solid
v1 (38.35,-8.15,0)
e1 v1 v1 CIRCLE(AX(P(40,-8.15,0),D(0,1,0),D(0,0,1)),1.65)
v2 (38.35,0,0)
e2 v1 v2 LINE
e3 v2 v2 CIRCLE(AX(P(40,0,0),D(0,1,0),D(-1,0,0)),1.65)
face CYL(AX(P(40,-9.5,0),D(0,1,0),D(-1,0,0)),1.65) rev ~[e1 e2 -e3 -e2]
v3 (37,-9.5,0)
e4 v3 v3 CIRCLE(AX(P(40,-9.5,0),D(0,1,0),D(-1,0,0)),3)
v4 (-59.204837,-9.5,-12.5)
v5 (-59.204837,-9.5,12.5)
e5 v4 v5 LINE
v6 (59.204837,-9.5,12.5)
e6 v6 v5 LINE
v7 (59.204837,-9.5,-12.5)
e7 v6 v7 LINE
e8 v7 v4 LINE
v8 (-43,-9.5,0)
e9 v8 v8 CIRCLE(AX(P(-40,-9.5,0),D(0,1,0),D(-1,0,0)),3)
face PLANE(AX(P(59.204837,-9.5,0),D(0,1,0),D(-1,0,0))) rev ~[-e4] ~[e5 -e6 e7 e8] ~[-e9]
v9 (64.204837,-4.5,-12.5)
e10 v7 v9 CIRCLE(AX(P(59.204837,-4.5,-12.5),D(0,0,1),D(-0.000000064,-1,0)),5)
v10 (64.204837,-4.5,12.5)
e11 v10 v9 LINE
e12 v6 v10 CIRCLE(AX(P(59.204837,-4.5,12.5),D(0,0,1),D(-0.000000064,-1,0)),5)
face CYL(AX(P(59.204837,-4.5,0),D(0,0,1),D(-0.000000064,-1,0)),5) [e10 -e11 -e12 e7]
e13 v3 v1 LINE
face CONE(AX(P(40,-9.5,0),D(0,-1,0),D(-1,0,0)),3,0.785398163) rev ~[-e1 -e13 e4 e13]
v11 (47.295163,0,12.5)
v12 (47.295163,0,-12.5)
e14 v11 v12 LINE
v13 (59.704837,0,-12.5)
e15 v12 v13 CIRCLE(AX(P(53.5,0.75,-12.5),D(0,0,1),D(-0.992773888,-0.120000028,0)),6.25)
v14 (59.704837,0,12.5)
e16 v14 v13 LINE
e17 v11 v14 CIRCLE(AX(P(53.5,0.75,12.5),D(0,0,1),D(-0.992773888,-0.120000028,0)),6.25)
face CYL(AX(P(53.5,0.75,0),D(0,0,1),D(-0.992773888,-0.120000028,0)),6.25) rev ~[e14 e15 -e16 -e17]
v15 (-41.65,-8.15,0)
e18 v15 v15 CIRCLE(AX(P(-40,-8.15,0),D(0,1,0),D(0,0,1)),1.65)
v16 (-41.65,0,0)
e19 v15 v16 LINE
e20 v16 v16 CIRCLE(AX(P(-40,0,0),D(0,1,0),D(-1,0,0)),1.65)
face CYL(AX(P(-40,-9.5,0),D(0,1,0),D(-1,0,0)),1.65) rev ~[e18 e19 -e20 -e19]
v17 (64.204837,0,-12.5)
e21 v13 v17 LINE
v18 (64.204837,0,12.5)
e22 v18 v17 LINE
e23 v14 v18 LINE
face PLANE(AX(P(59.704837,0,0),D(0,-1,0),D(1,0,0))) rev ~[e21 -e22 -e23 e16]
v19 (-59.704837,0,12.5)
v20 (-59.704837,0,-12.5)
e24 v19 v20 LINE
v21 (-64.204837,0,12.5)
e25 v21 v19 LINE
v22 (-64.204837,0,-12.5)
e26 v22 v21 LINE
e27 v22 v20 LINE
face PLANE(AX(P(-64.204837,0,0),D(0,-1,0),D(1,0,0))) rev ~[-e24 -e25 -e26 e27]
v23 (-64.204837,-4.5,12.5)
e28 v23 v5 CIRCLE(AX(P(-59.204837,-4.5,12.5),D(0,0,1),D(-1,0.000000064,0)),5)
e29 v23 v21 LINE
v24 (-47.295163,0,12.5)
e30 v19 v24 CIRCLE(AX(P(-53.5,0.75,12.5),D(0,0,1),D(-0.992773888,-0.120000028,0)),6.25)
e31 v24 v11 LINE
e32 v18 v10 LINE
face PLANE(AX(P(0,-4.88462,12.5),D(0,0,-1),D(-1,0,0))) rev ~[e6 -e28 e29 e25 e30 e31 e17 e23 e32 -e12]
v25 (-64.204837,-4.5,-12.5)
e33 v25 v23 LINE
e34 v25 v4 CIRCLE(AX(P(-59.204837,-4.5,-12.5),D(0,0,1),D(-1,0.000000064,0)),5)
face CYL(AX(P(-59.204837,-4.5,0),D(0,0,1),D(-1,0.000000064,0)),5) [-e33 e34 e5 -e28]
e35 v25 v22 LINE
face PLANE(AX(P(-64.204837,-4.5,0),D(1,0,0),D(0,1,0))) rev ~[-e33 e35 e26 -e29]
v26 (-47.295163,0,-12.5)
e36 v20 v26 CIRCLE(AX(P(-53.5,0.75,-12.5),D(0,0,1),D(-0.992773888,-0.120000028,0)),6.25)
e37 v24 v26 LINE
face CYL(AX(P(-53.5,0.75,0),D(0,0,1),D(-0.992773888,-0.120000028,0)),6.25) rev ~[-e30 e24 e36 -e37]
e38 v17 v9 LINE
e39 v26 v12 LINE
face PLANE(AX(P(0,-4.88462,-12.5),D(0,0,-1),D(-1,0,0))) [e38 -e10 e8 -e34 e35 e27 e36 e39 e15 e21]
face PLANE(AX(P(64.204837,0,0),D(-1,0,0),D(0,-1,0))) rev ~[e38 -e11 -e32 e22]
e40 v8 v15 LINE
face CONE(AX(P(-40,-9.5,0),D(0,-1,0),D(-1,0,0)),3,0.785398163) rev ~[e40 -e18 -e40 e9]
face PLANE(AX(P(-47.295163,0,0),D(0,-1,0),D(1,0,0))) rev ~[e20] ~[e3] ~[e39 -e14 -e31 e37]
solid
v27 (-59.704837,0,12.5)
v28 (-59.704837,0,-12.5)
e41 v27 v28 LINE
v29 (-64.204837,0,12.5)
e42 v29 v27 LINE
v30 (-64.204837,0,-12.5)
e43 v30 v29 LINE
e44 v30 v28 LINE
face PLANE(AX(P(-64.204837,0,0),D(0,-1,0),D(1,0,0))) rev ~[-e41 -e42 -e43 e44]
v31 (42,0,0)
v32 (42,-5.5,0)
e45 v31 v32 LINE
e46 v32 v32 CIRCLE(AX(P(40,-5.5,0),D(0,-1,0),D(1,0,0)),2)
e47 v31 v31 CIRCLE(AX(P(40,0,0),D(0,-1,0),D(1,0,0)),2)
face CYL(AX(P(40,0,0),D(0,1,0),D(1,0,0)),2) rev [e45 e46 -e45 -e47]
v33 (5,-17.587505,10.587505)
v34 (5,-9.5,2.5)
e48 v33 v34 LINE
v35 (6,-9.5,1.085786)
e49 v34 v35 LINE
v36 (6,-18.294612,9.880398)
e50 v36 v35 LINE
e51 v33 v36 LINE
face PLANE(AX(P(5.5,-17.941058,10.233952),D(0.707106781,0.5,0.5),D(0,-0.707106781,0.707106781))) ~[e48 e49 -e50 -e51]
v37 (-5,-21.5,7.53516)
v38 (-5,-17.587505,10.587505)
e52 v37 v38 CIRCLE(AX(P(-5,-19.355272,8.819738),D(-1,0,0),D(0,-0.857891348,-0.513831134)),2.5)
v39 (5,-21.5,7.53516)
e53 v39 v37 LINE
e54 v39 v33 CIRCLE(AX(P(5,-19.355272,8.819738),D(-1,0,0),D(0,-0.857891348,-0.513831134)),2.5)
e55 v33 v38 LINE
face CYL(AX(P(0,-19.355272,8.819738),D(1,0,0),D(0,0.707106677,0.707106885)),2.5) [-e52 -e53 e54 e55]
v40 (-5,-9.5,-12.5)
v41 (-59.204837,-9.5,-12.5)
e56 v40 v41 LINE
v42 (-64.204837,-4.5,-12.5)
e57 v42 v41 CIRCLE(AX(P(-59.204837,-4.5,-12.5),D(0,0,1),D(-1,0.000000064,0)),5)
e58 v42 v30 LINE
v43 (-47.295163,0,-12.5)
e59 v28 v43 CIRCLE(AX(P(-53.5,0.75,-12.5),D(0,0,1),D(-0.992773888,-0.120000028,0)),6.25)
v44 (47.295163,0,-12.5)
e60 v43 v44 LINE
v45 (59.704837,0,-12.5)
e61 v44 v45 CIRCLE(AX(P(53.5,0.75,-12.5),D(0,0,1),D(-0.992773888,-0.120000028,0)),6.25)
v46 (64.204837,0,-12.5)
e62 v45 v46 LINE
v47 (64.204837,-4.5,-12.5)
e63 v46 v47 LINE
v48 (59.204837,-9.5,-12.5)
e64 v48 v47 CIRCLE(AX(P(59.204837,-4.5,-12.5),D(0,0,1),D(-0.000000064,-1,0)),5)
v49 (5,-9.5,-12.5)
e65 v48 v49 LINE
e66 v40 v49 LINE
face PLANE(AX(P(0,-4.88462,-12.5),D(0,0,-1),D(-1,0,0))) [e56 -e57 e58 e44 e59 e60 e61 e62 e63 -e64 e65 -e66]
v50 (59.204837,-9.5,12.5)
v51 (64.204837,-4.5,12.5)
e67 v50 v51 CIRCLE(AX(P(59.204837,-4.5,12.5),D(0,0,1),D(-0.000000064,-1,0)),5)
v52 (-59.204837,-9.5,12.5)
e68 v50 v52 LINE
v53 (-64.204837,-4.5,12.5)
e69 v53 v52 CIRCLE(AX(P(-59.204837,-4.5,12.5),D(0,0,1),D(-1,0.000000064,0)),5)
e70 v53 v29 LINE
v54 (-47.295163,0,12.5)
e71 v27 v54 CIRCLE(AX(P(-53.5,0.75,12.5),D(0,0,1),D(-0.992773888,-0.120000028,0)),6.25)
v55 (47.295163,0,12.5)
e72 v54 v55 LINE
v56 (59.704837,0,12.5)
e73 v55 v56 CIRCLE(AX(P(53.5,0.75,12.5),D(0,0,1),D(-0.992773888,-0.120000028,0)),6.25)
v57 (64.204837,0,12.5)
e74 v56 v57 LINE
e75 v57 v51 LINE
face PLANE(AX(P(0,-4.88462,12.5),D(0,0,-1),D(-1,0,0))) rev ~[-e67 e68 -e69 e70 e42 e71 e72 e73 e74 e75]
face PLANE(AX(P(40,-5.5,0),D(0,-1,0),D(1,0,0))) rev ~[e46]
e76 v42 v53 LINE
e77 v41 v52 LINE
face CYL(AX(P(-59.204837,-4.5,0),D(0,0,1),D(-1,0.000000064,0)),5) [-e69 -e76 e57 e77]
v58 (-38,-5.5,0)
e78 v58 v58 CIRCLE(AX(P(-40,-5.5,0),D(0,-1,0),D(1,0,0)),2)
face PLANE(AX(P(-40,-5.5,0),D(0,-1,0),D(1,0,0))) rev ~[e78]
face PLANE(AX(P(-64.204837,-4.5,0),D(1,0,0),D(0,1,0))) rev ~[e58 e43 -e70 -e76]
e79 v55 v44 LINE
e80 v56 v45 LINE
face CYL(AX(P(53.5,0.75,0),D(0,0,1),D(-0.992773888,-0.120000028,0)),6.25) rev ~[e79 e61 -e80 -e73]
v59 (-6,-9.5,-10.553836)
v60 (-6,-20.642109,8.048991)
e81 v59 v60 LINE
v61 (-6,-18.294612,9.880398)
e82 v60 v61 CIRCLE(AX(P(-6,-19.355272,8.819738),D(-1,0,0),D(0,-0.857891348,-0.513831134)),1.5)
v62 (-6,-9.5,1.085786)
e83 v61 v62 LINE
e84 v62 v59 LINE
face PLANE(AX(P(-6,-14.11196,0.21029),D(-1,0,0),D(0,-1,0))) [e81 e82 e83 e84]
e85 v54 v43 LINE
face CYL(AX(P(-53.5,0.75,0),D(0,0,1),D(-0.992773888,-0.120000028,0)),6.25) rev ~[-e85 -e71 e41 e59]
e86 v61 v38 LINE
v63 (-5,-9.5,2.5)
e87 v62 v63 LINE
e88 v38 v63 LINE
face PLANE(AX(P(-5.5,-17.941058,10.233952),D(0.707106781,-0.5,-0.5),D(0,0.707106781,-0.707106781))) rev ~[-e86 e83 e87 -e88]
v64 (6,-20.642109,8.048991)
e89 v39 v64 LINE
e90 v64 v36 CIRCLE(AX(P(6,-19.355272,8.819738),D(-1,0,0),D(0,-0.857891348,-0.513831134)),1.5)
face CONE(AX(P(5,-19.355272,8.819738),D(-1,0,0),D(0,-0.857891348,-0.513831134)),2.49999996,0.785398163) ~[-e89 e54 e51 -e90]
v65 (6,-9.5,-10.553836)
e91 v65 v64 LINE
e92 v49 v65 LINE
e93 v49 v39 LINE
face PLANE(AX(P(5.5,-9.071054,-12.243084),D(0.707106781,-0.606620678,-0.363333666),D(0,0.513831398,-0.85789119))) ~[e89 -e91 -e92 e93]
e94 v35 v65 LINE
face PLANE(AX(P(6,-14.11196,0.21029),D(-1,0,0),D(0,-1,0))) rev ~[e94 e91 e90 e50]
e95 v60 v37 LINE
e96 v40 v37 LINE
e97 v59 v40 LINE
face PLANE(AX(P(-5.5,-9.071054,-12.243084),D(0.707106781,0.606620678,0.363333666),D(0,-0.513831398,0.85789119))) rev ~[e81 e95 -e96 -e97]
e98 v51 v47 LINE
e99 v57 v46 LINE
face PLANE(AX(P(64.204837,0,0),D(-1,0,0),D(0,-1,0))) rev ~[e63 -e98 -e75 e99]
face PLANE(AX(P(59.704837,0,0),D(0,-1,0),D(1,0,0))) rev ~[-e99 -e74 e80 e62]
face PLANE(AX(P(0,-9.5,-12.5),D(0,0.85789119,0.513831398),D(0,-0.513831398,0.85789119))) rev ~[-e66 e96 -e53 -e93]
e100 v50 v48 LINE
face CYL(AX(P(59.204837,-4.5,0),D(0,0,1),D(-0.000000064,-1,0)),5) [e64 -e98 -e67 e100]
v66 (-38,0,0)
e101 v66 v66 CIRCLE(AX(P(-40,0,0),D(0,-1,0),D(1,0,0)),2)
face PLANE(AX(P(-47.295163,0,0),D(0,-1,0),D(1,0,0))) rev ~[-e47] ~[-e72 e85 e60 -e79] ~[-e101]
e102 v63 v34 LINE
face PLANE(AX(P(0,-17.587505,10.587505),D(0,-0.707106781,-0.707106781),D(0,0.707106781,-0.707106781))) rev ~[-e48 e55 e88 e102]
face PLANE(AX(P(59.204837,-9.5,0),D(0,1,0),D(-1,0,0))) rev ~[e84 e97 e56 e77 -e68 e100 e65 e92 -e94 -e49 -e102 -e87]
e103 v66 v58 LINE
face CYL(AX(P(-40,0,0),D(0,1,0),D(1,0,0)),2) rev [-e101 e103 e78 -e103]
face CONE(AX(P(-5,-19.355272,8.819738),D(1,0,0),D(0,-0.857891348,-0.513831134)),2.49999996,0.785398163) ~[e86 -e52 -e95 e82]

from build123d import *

# Parameters (mm, degrees)
PAD_DEPTH           = 12.5
SKETCH001_R         = 2
HOLE_DEPTH          = 5.5
PAD001_DEPTH        = 6
CHAMFER_SIZE        = 1
PAD002_DEPTH        = 12.5
HOLE001_D           = 3.3
HOLE001_DEPTH       = 25
HOLE001_CSINK_D     = 6
HOLE001_CSINK_ANGLE = 90


with BuildPart() as body_haken:
    # Sketch → Pad (new body, symmetric)
    with BuildSketch(Plane.XY):
        with BuildLine():
            Line((-64.204837, 0), (-59.704837, 0))
            ThreePointArc((-59.704837, 0), (-53.5, -5.5), (-47.295163, 0))
            Line((-47.295163, 0), (47.295163, 0))
            ThreePointArc((47.295163, 0), (53.5, -5.5), (59.704837, 0))
            Line((59.704837, 0), (64.204837, 0))
            Line((64.204837, 0), (64.204837, -4.5))
            ThreePointArc((59.204837, -9.5), (62.740371, -8.035534), (64.204837, -4.5))
            Line((59.204837, -9.5), (-59.204837, -9.5))
            ThreePointArc((-64.204837, -4.5), (-62.740371, -8.035534), (-59.204837, -9.5))
            Line((-64.204837, -4.5), (-64.204837, 0))
        make_face()
    extrude(amount=PAD_DEPTH, both=True)

    # Sketch001 → Hole (cut)
    with BuildSketch(Plane.XZ):
        with Locations((-40, 0)):
            Circle(SKETCH001_R)
        with Locations((40, 0)):
            Circle(SKETCH001_R)
    extrude(amount=HOLE_DEPTH, mode=Mode.SUBTRACT)

    # Sketch002 → Pad001 (join, symmetric)
    with BuildSketch(Plane.YZ):
        with BuildLine():
            Line((-9.5, -12.5), (-21.5, 7.53516))
            ThreePointArc((-17.587505, 10.587505), (-20.893039, 10.790847), (-21.5, 7.53516))
            Line((-17.587505, 10.587505), (-9.5, 2.5))
            Line((-9.5, 2.5), (-9.5, -12.5))
        make_face()
    extrude(amount=PAD001_DEPTH, both=True)

    # Chamfer
    chamfer_edges = [body_haken.edges().sort_by_distance(p)[0] for p in [
        (6, -13.543753, 6.543753),
        (-6, -13.543753, 6.543753),
    ]]
    chamfer(chamfer_edges, length=CHAMFER_SIZE)


with BuildPart() as body_rueckseite:
    # Sketch003 → Pad002 (new body, symmetric)
    with BuildSketch(Plane.XY):
        with BuildLine():
            Line((-64.204837, 0), (-59.704837, 0))
            ThreePointArc((-59.704837, 0), (-53.5, -5.5), (-47.295163, 0))
            Line((-47.295163, 0), (47.295163, 0))
            ThreePointArc((47.295163, 0), (53.5, -5.5), (59.704837, 0))
            Line((59.704837, 0), (64.204837, 0))
            Line((64.204837, 0), (64.204837, -4.5))
            ThreePointArc((59.204837, -9.5), (62.740371, -8.035534), (64.204837, -4.5))
            Line((59.204837, -9.5), (-59.204837, -9.5))
            ThreePointArc((-64.204837, -4.5), (-62.740371, -8.035534), (-59.204837, -9.5))
            Line((-64.204837, -4.5), (-64.204837, 0))
        make_face()
    extrude(amount=PAD002_DEPTH, both=True)

    # Hole001
    with Locations(Plane.XZ.offset(9.5)):
        with Locations((-40, 0), (40, 0)):
            CounterSinkHole(HOLE001_D / 2, HOLE001_CSINK_D / 2, depth=HOLE001_DEPTH, counter_sink_angle=HOLE001_CSINK_ANGLE)


solid = Compound([body_haken.part, body_rueckseite.part])
